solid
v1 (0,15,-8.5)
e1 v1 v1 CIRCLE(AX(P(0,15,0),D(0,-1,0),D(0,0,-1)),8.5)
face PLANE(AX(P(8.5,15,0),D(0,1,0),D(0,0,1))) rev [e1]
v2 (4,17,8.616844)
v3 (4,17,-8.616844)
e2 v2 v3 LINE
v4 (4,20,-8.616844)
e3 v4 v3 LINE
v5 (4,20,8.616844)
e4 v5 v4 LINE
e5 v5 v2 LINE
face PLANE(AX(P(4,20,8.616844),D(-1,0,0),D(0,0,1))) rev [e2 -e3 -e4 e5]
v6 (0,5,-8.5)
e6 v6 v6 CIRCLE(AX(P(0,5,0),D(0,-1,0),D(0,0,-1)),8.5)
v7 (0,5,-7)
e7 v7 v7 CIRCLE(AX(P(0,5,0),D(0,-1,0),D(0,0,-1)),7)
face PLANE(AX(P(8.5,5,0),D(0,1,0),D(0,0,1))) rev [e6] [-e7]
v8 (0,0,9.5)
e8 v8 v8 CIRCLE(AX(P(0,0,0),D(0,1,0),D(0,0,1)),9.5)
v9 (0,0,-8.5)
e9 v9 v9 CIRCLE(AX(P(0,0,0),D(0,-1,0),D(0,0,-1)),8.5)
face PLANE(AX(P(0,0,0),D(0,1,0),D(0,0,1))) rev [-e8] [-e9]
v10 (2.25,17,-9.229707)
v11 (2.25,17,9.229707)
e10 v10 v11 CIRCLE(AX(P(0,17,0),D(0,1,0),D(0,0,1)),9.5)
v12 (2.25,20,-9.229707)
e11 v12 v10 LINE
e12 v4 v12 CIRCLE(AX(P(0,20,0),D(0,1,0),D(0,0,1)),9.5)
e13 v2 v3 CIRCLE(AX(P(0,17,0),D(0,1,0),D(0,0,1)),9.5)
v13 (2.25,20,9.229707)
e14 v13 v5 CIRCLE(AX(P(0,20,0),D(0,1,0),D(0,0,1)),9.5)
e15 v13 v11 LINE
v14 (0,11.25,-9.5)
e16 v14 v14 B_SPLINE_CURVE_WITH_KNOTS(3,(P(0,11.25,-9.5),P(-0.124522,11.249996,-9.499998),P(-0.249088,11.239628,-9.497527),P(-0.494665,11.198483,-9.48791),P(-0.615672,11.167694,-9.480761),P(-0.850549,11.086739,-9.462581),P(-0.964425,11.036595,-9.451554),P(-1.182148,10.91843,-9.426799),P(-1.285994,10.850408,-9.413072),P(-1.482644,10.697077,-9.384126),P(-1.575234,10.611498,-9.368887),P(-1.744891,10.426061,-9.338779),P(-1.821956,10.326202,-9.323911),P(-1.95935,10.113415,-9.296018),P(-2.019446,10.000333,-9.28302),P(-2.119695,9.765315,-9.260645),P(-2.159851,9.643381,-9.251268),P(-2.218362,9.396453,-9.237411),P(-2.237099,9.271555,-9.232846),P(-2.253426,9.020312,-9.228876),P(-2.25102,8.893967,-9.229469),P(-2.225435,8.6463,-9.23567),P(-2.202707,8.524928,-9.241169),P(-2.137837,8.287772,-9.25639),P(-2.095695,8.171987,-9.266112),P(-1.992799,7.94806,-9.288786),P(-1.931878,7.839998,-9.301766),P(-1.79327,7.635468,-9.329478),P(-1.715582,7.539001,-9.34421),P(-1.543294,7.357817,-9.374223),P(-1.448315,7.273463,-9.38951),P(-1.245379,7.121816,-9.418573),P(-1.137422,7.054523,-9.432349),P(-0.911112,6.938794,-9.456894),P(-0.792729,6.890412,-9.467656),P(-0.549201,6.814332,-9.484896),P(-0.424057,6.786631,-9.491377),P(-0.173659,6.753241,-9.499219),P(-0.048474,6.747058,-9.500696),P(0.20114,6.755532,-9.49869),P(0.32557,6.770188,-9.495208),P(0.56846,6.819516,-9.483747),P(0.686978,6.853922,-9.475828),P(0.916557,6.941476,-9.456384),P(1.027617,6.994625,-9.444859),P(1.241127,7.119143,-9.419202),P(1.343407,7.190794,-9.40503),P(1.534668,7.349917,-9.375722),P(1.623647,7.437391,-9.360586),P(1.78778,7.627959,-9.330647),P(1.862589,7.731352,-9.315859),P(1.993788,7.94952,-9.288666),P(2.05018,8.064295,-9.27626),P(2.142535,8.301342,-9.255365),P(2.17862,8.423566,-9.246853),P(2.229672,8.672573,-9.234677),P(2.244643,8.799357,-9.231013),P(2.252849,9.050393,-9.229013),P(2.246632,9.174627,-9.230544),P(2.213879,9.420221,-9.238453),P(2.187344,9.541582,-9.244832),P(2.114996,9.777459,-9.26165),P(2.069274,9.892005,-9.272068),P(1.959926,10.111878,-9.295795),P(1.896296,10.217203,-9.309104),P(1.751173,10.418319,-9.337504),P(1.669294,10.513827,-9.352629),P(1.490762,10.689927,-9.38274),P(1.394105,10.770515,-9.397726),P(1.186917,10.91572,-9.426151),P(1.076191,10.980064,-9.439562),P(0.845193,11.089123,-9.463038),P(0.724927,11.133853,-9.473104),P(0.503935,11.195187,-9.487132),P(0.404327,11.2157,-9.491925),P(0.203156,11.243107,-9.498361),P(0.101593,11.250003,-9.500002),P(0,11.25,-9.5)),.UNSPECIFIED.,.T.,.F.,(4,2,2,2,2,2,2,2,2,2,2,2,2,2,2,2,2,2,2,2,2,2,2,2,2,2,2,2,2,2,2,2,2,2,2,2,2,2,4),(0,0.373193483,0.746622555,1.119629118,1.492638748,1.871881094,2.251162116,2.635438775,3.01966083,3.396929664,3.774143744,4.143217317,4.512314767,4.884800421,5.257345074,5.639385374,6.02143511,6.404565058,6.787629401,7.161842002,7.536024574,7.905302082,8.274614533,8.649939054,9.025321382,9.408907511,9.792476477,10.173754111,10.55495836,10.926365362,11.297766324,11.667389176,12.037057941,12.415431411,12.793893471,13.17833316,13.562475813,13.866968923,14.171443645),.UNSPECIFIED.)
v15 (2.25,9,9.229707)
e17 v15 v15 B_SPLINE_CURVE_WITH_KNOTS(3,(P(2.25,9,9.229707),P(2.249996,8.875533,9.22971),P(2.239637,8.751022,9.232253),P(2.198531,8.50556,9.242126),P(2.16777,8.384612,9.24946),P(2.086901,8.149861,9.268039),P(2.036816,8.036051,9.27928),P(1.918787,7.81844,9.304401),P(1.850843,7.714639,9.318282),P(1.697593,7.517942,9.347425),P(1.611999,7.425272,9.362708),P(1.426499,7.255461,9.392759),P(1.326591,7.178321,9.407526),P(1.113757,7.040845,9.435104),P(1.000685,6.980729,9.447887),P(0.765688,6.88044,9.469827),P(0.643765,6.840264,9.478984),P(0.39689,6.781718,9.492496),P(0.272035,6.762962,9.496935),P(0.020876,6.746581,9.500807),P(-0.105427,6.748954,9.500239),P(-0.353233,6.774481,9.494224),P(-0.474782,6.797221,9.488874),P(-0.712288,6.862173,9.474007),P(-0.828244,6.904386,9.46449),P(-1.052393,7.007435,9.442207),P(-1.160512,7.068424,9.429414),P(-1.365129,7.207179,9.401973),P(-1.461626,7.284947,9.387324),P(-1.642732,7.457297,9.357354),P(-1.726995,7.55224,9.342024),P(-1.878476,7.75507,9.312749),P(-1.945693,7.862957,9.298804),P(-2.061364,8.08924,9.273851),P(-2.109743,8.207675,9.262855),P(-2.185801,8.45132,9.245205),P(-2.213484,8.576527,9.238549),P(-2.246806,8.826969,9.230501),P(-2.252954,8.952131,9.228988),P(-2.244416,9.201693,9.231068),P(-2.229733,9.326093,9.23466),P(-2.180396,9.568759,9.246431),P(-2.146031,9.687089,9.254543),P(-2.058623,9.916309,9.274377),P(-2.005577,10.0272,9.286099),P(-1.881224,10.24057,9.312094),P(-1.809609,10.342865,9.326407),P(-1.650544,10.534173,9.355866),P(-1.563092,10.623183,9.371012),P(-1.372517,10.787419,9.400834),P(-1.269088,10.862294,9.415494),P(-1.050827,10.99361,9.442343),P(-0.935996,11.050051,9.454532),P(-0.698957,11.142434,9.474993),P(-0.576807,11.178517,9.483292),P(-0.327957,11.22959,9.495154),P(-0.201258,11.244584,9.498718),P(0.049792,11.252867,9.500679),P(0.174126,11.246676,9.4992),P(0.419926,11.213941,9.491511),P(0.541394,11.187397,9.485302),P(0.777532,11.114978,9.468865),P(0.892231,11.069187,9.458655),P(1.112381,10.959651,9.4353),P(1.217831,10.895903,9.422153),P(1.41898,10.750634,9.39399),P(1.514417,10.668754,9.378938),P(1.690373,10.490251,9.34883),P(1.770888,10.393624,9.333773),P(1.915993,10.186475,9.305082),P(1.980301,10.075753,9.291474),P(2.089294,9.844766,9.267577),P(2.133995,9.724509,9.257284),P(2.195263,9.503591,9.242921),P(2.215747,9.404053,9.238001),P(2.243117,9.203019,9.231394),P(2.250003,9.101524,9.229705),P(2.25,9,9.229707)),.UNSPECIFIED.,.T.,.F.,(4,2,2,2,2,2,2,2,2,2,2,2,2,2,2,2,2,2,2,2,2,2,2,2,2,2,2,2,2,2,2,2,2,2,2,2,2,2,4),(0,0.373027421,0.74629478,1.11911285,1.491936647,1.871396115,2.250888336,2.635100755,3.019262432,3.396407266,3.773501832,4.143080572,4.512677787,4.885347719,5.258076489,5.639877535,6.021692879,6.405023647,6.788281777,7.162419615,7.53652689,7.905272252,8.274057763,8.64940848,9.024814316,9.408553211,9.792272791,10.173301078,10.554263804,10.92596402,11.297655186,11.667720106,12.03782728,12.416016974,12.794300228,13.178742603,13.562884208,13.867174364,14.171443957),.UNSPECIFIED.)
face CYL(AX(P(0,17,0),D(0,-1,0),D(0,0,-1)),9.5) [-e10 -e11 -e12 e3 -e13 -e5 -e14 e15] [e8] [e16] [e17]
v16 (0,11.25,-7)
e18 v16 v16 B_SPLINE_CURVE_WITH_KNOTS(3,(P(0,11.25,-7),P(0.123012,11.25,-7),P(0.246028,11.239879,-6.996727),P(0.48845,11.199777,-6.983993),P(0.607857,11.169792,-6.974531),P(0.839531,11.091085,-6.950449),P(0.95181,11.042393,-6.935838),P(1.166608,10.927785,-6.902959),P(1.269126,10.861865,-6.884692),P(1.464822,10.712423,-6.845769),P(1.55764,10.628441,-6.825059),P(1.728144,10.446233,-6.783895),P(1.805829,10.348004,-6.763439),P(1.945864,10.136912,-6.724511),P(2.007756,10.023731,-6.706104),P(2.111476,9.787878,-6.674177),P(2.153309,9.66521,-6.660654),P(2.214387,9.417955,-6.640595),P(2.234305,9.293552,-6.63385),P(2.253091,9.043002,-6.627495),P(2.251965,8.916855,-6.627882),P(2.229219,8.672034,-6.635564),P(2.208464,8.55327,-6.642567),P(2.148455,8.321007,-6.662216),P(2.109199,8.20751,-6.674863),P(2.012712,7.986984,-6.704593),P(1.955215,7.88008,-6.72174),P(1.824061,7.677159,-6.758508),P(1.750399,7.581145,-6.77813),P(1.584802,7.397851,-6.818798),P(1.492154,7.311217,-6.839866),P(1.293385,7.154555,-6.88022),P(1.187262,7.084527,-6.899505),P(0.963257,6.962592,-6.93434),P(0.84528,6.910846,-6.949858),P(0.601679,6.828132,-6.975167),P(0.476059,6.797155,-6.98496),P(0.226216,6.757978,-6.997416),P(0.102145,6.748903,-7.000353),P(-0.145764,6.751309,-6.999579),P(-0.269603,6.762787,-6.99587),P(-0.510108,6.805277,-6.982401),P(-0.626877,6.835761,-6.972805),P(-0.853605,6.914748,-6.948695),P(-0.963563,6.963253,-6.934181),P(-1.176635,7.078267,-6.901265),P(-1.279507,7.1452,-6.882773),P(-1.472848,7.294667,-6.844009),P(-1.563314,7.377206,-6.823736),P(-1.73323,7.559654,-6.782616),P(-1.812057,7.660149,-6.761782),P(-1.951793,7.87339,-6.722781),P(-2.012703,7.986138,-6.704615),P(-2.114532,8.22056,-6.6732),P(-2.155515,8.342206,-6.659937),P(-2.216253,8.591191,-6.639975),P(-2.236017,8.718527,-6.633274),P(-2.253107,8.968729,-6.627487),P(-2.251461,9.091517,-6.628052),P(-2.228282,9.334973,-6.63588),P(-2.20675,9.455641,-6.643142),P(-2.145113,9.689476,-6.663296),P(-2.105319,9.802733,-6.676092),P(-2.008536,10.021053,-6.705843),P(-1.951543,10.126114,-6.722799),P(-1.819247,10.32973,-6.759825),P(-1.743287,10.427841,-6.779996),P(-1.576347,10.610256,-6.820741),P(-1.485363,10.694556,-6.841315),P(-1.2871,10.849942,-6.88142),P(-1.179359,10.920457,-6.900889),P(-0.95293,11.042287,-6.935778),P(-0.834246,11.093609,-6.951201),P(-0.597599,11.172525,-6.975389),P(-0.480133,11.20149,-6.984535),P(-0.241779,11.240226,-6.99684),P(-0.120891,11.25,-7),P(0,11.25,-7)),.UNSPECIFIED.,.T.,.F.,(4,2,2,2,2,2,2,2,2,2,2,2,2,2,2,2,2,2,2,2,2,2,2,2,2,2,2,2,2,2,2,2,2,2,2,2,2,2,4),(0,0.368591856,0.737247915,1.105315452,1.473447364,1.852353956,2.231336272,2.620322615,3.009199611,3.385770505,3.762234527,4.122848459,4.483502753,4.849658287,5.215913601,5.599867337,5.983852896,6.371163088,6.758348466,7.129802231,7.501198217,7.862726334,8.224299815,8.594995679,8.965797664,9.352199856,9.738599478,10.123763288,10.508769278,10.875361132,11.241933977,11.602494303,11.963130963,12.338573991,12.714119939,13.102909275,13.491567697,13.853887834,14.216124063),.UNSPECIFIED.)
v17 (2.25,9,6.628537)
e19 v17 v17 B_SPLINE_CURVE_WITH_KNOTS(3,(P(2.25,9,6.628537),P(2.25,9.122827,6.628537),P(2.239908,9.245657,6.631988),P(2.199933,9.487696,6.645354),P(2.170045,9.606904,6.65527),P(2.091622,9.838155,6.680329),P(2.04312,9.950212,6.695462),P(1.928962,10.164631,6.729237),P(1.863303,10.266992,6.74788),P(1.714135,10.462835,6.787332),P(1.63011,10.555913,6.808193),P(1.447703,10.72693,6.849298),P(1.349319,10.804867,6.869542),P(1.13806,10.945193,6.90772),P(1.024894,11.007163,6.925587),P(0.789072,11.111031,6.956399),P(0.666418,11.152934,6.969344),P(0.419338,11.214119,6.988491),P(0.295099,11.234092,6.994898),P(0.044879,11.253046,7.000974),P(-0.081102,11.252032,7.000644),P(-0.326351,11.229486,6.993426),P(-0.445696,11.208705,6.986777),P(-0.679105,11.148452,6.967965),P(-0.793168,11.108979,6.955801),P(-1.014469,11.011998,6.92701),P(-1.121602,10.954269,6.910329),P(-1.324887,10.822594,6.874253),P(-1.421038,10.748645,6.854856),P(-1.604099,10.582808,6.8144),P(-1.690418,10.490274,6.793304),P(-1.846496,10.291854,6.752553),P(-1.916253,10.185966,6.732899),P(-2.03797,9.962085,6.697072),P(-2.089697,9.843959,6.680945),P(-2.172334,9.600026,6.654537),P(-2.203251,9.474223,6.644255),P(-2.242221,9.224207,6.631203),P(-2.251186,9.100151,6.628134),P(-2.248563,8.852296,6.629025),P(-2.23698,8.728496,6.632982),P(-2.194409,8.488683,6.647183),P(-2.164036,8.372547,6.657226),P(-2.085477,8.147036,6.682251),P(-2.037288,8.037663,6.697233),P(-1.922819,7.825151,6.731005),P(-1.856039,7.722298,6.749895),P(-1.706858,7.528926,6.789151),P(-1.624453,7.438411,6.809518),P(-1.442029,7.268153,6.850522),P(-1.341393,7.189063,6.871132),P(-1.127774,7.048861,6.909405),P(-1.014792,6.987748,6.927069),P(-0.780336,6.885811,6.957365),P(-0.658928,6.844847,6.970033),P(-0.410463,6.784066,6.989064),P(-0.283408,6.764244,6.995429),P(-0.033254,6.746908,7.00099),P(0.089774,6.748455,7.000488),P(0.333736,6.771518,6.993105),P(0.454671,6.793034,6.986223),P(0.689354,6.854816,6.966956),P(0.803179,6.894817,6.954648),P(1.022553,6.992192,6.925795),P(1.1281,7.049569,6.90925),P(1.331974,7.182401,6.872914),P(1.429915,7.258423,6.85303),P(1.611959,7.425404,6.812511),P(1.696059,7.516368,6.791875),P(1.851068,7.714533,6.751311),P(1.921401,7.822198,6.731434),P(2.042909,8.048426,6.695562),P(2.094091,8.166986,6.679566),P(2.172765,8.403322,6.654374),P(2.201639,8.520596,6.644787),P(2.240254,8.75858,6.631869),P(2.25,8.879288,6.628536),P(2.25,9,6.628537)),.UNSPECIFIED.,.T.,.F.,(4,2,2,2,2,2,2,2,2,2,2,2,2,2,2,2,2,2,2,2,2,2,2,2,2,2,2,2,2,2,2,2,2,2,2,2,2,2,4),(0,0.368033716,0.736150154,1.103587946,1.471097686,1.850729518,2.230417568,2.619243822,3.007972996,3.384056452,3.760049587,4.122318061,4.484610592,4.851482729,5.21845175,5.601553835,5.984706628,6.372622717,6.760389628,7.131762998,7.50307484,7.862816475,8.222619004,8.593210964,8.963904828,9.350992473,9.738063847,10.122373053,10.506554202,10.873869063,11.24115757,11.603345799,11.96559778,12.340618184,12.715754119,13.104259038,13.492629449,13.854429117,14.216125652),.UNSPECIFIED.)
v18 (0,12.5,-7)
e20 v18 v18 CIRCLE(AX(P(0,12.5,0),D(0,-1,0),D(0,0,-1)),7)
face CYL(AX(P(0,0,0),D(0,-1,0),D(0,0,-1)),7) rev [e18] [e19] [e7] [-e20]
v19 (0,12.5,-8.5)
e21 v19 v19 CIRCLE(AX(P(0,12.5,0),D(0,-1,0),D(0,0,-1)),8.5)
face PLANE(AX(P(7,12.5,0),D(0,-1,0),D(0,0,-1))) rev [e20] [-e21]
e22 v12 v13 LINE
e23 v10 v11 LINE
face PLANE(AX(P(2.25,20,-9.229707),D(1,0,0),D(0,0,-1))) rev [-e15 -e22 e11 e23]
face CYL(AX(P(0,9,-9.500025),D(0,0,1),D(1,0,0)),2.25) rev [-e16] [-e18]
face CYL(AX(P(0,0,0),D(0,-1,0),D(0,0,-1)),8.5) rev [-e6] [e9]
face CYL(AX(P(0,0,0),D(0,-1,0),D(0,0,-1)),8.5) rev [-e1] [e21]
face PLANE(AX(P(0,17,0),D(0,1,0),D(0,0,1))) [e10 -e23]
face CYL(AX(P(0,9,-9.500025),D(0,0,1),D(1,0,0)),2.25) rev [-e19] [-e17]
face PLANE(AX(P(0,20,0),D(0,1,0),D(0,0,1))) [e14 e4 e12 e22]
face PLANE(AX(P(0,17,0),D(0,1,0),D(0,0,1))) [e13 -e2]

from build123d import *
from build123d.topology import SkipClean

# Parameters (mm, degrees)
ESQUISSE1_R                  = 9.5
BASE_EXTRUSION_DEPTH         = 17
BOSS_EXTRU_1_DEPTH           = 3
ENL_V_MAT_EXTRU_1_DEPTH      = 25.093567606
ENL_V_MAT_EXTRU_1_DEPTH_BACK = 25.093567606
ESQUISSE4_R                  = 2.25


with BuildPart() as part:
    # Esquisse1 → Base-Extrusion (new body)
    with BuildSketch(Plane(origin=(0, 0, 0), x_dir=(1, 0, 0), z_dir=(0, 1, 0))):
        with Locations(Location((0, 0, 0), (0, 0, 76.299766512))):
            Circle(ESQUISSE1_R)
    extrude(amount=BASE_EXTRUSION_DEPTH)

    # Esquisse2 → Boss.-Extru.1 (add)
    with SkipClean():  # the faces are left unmerged after this step: merging them gives an invalid solid
        with BuildSketch(Plane(origin=(0, 17, 0), x_dir=(-1, 0, 0), z_dir=(0, 1, 0))):
            with BuildLine():
                Line((-2.25, -9.229707471), (-2.25, 9.229707471))
                ThreePointArc((-2.25, 9.229707471), (-3.139988124, 8.966073532), (-4, 8.61684397))
                Line((-4, 8.61684397), (-4, -8.61684397))
                ThreePointArc((-4, -8.61684397), (-3.139988124, -8.966073532), (-2.25, -9.229707471))
            make_face()
        extrude(amount=BOSS_EXTRU_1_DEPTH)

    # Esquisse3 → Enlèvement de matière-Révolution1 (revolve, cut)
    with SkipClean():  # the faces are left unmerged after this step: merging them gives an invalid solid
        with BuildSketch(Plane.XY, mode=Mode.PRIVATE) as enl_vement_de_mati_re_r_volution1_sk:
            Polygon((8.5, 0), (8.5, 5), (7, 5), (7, 12.5), (8.5, 12.5), (8.5, 15), (0, 15), (0, 0), align=None)
        revolve(enl_vement_de_mati_re_r_volution1_sk.sketch.rotate(Axis((0, 0, 0), (0, 1, 0)), 90), axis=Axis((0, 0, 0), (0, 1, 0)), mode=Mode.SUBTRACT)

    # Esquisse4 → Enlèv. mat.-Extru.1 (cut, two sides: drawn at the far end of the back side and taken through both)
    with SkipClean():  # the faces are left unmerged after this step: merging them gives an invalid solid
        with BuildSketch(Plane.XY.offset(-ENL_V_MAT_EXTRU_1_DEPTH_BACK)):
            with Locations((0, 9)):
                Circle(ESQUISSE4_R)
        extrude(amount=ENL_V_MAT_EXTRU_1_DEPTH + ENL_V_MAT_EXTRU_1_DEPTH_BACK, mode=Mode.SUBTRACT)


solid = part.part
